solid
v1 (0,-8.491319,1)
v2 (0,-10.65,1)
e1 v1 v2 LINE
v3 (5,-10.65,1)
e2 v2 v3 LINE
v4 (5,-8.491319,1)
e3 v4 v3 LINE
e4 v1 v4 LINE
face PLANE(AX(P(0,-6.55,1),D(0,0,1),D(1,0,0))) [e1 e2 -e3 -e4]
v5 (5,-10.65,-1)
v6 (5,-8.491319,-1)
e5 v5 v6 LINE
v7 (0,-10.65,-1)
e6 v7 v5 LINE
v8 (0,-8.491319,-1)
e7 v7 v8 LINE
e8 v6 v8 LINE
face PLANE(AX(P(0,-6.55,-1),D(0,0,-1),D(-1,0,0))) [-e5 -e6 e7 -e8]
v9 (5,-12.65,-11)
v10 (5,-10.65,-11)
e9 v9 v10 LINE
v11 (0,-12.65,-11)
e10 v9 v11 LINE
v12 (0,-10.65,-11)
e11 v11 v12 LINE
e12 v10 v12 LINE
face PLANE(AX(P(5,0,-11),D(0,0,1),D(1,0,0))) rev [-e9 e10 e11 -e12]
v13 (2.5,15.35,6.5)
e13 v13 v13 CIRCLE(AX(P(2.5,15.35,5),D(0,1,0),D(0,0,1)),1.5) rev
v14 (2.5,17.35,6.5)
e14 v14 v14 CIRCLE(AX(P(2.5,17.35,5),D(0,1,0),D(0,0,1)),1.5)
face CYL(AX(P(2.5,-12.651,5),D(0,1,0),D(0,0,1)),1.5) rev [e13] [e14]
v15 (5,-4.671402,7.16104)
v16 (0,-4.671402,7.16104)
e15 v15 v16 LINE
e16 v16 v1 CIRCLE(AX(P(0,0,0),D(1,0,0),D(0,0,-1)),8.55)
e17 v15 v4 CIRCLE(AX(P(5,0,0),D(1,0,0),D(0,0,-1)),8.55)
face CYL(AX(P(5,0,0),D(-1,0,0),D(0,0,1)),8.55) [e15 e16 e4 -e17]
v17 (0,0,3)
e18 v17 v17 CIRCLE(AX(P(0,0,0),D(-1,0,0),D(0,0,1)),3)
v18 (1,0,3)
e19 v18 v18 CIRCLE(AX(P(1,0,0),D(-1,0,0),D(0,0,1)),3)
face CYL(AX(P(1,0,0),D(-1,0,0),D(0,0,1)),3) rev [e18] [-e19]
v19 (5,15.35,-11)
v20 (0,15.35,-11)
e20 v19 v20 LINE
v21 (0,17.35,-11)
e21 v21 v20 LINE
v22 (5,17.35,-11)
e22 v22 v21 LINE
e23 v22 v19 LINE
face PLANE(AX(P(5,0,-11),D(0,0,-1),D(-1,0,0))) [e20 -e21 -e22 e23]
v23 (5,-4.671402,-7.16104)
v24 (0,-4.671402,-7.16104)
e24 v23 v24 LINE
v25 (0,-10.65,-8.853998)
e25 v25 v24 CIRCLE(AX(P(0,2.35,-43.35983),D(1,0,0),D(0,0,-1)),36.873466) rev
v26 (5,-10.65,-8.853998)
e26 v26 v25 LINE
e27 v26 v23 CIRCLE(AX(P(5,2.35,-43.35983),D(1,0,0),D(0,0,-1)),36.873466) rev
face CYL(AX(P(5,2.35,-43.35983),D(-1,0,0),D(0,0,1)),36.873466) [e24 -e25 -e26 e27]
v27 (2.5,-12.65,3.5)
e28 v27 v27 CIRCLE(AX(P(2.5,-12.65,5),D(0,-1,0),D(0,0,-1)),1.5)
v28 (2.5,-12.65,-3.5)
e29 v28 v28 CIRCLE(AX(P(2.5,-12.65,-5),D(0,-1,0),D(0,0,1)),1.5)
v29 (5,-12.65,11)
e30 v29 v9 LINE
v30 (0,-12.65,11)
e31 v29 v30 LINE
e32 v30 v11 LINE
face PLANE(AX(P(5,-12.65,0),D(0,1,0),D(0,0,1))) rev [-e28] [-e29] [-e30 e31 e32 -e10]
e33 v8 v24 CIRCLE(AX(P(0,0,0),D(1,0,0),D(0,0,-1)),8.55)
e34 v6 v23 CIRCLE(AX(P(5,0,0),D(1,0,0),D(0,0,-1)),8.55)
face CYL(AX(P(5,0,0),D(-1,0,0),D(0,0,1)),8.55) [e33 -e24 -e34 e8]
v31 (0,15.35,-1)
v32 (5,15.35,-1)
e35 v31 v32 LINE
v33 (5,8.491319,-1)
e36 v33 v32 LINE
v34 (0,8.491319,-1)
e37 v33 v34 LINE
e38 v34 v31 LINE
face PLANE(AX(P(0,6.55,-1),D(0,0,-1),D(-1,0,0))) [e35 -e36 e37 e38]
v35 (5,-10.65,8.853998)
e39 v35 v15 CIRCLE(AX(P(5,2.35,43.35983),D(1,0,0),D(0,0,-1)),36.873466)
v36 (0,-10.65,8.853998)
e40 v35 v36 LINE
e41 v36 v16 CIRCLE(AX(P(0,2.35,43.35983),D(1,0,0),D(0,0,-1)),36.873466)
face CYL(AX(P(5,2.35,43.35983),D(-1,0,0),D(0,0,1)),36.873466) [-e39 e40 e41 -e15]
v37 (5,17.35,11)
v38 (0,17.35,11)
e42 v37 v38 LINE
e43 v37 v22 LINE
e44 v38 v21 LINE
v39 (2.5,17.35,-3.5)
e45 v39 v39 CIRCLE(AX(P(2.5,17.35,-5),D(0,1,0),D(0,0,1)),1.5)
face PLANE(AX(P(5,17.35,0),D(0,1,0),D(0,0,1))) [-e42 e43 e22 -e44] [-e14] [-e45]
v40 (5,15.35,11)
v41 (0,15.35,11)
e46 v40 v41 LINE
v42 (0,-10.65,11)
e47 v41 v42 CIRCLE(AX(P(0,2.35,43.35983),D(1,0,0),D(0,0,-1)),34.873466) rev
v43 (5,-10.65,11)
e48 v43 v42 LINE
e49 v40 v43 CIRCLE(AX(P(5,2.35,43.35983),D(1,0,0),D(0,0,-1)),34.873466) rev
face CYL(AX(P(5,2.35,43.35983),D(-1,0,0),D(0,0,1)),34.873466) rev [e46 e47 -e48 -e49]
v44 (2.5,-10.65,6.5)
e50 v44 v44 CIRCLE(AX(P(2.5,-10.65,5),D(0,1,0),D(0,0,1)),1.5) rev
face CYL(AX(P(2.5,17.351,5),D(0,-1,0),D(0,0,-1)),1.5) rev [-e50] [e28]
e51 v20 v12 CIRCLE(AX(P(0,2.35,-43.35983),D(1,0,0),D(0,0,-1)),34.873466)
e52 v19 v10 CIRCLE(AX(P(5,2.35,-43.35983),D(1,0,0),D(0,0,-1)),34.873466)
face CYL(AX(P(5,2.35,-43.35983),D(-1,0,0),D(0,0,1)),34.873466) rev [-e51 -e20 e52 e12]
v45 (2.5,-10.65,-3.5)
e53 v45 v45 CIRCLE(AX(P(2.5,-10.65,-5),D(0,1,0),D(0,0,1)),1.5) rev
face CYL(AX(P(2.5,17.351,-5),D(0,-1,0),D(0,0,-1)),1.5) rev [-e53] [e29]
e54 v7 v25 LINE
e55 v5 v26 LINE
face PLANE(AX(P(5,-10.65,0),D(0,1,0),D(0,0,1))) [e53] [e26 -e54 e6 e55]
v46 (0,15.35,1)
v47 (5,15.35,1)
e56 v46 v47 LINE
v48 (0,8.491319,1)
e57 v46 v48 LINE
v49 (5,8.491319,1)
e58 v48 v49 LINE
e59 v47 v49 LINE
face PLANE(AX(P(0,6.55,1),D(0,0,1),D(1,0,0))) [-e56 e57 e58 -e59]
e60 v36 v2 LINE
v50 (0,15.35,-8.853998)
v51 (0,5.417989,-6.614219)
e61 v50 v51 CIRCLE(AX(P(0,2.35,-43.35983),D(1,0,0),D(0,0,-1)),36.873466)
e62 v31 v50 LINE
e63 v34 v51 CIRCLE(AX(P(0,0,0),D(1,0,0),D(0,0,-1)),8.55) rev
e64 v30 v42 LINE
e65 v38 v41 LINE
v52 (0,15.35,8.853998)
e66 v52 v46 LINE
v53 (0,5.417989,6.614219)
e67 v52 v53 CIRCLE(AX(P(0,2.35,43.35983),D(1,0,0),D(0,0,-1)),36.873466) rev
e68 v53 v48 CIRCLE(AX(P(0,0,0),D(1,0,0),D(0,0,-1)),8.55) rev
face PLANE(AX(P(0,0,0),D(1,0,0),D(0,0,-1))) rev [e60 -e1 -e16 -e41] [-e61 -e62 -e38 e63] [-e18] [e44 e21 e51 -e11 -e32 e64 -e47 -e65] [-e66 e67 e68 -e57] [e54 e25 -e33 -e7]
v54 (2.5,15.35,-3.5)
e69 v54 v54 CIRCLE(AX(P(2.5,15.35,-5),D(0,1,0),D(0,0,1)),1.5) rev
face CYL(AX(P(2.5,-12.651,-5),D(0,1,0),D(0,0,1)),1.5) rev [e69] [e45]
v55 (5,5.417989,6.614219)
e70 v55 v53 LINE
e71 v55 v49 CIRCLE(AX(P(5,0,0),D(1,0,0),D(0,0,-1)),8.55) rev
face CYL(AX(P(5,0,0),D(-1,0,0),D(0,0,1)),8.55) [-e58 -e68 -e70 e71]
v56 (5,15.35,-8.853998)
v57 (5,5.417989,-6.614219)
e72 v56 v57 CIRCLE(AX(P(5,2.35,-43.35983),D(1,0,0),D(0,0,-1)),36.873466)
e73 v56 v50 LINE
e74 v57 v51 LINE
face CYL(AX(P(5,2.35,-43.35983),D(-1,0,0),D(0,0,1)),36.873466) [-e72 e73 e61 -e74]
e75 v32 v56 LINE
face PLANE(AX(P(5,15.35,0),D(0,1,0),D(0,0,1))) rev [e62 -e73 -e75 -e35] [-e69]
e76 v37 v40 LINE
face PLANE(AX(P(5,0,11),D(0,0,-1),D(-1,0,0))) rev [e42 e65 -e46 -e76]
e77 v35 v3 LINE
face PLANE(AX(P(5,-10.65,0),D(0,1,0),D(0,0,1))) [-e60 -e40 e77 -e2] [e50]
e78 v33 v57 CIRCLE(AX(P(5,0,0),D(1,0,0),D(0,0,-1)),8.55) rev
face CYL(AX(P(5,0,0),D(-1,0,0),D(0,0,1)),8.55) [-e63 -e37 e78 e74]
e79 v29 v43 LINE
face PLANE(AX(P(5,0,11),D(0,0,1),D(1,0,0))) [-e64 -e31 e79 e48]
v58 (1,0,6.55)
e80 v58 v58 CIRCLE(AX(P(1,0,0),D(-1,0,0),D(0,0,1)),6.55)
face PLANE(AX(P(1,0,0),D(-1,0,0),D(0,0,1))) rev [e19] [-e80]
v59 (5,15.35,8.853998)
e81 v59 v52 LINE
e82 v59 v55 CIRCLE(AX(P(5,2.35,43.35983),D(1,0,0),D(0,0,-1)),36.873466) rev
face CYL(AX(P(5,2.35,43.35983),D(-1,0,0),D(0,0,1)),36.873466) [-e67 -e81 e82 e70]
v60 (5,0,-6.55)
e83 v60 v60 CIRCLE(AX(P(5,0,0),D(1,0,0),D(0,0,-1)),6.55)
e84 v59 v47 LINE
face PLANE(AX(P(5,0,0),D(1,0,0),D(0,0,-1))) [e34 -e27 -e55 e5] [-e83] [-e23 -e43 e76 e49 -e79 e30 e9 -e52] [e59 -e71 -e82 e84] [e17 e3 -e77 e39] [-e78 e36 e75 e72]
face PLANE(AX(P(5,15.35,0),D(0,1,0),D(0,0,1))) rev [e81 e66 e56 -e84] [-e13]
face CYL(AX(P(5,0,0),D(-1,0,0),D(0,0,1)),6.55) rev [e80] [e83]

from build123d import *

# Parameters (mm, degrees)
SKETCH1_R           = 6.55
BOSS_EXTRUDE4_DEPTH = 5
SKETCH3_W           = 2
SKETCH3_H           = 8.8
SKETCH3_H_2         = 4.1
BOSS_EXTRUDE5_DEPTH = 5
SKETCH4_R           = 6.55
SKETCH4_R_2         = 3
BOSS_EXTRUDE6_DEPTH = 1
CUT_EXTRUDE1_REACH  = 34.342
SKETCH5_R           = 1.5
CUT_EXTRUDE2_REACH  = 34.342
SKETCH6_R           = 1.5


with BuildPart() as part:
    # Sketch1 → Boss-Extrude4 (new body)
    with BuildSketch(Plane(origin=(0, 0, 0), x_dir=(0, 0, -1), z_dir=(1, 0, 0))):
        with BuildLine():
            ThreePointArc((11, 15.35), (8.486364482, 2.35), (11, -10.65))
            Line((11, -10.65), (11, -12.65))
            Line((11, -12.65), (-11, -12.65))
            Line((-11, -12.65), (-11, -10.65))
            ThreePointArc((-11, -10.65), (-8.486364482, 2.35), (-11, 15.35))
            Line((-11, 15.35), (-11, 17.35))
            Line((-11, 17.35), (11, 17.35))
            Line((11, 17.35), (11, 15.35))
        make_face()
        Circle(SKETCH1_R, mode=Mode.SUBTRACT)
        with BuildLine():
            ThreePointArc((8.853997744, -10.65), (7.881360543, -7.696425461), (7.161040408, -4.671402389))
            ThreePointArc((7.161040408, -4.671402389), (0, -8.55), (-7.161040408, -4.671402389))
            ThreePointArc((-7.161040408, -4.671402389), (-7.881360543, -7.696425461), (-8.853997744, -10.65))
            Line((-8.853997744, -10.65), (8.853997744, -10.65))
        make_face(mode=Mode.SUBTRACT)
        with BuildLine():
            Line((-8.853997744, 15.35), (8.853997744, 15.35))
            ThreePointArc((8.853997744, 15.35), (7.389658447, 10.461671711), (6.614219323, 5.41798881))
            ThreePointArc((6.614219323, 5.41798881), (0, 8.55), (-6.614219323, 5.41798881))
            ThreePointArc((-6.614219323, 5.41798881), (-7.389658447, 10.461671711), (-8.853997744, 15.35))
        make_face(mode=Mode.SUBTRACT)
    extrude(amount=BOSS_EXTRUDE4_DEPTH)

    # Sketch3 → Boss-Extrude5 (add)
    with BuildSketch(Plane(origin=(5, 0, 0), x_dir=(0, 0, -1), z_dir=(1, 0, 0))):
        with Locations((0, 10.95)):
            Rectangle(SKETCH3_W, SKETCH3_H)
        with Locations((0, -8.6)):
            Rectangle(SKETCH3_W, SKETCH3_H_2)
    extrude(amount=-BOSS_EXTRUDE5_DEPTH)

    # Sketch4 → Boss-Extrude6 (add)
    with BuildSketch(Plane.ZY):
        Circle(SKETCH4_R)
        Circle(SKETCH4_R_2, mode=Mode.SUBTRACT)
    extrude(amount=-BOSS_EXTRUDE6_DEPTH)

    # Sketch5 → Cut-Extrude1 (cut, up to next)
    with BuildSketch(Plane.XZ.offset(12.65), mode=Mode.PRIVATE) as cut_extrude1_sk1:
        with Locations(Location((2.5, 5, 0), (0, 0, 270))):
            Circle(SKETCH5_R)
    cut_extrude1_tool1 = extrude(cut_extrude1_sk1.sketch, amount=-CUT_EXTRUDE1_REACH, mode=Mode.PRIVATE) & part.part
    # Sketch5 → Cut-Extrude1 (cut, up to next)
    with BuildSketch(Plane.XZ.offset(12.65), mode=Mode.PRIVATE) as cut_extrude1_sk2:
        with Locations(Location((2.5, -5, 0), (0, 0, 90))):
            Circle(SKETCH5_R)
    cut_extrude1_tool2 = extrude(cut_extrude1_sk2.sketch, amount=-CUT_EXTRUDE1_REACH, mode=Mode.PRIVATE) & part.part
    add(cut_extrude1_tool1.solids().sort_by_distance((2.5, -12.65, 5))[0], mode=Mode.SUBTRACT)
    add(cut_extrude1_tool2.solids().sort_by_distance((2.5, -12.65, -5))[0], mode=Mode.SUBTRACT)

    # Sketch6 → Cut-Extrude2 (cut, up to next)
    with BuildSketch(Plane(origin=(0, 17.35, 0), x_dir=(1, 0, 0), z_dir=(0, 1, 0)), mode=Mode.PRIVATE) as cut_extrude2_sk1:
        with Locations(Location((2.5, -5, 0), (0, 0, 90))):
            Circle(SKETCH6_R)
    cut_extrude2_tool1 = extrude(cut_extrude2_sk1.sketch, amount=-CUT_EXTRUDE2_REACH, mode=Mode.PRIVATE) & part.part
    # Sketch6 → Cut-Extrude2 (cut, up to next)
    with BuildSketch(Plane(origin=(0, 17.35, 0), x_dir=(1, 0, 0), z_dir=(0, 1, 0)), mode=Mode.PRIVATE) as cut_extrude2_sk2:
        with Locations(Location((2.5, 5, 0), (0, 0, 270))):
            Circle(SKETCH6_R)
    cut_extrude2_tool2 = extrude(cut_extrude2_sk2.sketch, amount=-CUT_EXTRUDE2_REACH, mode=Mode.PRIVATE) & part.part
    add(cut_extrude2_tool1.solids().sort_by_distance((2.5, 17.35, 5))[0], mode=Mode.SUBTRACT)
    add(cut_extrude2_tool2.solids().sort_by_distance((2.5, 17.35, -5))[0], mode=Mode.SUBTRACT)


solid = part.part
